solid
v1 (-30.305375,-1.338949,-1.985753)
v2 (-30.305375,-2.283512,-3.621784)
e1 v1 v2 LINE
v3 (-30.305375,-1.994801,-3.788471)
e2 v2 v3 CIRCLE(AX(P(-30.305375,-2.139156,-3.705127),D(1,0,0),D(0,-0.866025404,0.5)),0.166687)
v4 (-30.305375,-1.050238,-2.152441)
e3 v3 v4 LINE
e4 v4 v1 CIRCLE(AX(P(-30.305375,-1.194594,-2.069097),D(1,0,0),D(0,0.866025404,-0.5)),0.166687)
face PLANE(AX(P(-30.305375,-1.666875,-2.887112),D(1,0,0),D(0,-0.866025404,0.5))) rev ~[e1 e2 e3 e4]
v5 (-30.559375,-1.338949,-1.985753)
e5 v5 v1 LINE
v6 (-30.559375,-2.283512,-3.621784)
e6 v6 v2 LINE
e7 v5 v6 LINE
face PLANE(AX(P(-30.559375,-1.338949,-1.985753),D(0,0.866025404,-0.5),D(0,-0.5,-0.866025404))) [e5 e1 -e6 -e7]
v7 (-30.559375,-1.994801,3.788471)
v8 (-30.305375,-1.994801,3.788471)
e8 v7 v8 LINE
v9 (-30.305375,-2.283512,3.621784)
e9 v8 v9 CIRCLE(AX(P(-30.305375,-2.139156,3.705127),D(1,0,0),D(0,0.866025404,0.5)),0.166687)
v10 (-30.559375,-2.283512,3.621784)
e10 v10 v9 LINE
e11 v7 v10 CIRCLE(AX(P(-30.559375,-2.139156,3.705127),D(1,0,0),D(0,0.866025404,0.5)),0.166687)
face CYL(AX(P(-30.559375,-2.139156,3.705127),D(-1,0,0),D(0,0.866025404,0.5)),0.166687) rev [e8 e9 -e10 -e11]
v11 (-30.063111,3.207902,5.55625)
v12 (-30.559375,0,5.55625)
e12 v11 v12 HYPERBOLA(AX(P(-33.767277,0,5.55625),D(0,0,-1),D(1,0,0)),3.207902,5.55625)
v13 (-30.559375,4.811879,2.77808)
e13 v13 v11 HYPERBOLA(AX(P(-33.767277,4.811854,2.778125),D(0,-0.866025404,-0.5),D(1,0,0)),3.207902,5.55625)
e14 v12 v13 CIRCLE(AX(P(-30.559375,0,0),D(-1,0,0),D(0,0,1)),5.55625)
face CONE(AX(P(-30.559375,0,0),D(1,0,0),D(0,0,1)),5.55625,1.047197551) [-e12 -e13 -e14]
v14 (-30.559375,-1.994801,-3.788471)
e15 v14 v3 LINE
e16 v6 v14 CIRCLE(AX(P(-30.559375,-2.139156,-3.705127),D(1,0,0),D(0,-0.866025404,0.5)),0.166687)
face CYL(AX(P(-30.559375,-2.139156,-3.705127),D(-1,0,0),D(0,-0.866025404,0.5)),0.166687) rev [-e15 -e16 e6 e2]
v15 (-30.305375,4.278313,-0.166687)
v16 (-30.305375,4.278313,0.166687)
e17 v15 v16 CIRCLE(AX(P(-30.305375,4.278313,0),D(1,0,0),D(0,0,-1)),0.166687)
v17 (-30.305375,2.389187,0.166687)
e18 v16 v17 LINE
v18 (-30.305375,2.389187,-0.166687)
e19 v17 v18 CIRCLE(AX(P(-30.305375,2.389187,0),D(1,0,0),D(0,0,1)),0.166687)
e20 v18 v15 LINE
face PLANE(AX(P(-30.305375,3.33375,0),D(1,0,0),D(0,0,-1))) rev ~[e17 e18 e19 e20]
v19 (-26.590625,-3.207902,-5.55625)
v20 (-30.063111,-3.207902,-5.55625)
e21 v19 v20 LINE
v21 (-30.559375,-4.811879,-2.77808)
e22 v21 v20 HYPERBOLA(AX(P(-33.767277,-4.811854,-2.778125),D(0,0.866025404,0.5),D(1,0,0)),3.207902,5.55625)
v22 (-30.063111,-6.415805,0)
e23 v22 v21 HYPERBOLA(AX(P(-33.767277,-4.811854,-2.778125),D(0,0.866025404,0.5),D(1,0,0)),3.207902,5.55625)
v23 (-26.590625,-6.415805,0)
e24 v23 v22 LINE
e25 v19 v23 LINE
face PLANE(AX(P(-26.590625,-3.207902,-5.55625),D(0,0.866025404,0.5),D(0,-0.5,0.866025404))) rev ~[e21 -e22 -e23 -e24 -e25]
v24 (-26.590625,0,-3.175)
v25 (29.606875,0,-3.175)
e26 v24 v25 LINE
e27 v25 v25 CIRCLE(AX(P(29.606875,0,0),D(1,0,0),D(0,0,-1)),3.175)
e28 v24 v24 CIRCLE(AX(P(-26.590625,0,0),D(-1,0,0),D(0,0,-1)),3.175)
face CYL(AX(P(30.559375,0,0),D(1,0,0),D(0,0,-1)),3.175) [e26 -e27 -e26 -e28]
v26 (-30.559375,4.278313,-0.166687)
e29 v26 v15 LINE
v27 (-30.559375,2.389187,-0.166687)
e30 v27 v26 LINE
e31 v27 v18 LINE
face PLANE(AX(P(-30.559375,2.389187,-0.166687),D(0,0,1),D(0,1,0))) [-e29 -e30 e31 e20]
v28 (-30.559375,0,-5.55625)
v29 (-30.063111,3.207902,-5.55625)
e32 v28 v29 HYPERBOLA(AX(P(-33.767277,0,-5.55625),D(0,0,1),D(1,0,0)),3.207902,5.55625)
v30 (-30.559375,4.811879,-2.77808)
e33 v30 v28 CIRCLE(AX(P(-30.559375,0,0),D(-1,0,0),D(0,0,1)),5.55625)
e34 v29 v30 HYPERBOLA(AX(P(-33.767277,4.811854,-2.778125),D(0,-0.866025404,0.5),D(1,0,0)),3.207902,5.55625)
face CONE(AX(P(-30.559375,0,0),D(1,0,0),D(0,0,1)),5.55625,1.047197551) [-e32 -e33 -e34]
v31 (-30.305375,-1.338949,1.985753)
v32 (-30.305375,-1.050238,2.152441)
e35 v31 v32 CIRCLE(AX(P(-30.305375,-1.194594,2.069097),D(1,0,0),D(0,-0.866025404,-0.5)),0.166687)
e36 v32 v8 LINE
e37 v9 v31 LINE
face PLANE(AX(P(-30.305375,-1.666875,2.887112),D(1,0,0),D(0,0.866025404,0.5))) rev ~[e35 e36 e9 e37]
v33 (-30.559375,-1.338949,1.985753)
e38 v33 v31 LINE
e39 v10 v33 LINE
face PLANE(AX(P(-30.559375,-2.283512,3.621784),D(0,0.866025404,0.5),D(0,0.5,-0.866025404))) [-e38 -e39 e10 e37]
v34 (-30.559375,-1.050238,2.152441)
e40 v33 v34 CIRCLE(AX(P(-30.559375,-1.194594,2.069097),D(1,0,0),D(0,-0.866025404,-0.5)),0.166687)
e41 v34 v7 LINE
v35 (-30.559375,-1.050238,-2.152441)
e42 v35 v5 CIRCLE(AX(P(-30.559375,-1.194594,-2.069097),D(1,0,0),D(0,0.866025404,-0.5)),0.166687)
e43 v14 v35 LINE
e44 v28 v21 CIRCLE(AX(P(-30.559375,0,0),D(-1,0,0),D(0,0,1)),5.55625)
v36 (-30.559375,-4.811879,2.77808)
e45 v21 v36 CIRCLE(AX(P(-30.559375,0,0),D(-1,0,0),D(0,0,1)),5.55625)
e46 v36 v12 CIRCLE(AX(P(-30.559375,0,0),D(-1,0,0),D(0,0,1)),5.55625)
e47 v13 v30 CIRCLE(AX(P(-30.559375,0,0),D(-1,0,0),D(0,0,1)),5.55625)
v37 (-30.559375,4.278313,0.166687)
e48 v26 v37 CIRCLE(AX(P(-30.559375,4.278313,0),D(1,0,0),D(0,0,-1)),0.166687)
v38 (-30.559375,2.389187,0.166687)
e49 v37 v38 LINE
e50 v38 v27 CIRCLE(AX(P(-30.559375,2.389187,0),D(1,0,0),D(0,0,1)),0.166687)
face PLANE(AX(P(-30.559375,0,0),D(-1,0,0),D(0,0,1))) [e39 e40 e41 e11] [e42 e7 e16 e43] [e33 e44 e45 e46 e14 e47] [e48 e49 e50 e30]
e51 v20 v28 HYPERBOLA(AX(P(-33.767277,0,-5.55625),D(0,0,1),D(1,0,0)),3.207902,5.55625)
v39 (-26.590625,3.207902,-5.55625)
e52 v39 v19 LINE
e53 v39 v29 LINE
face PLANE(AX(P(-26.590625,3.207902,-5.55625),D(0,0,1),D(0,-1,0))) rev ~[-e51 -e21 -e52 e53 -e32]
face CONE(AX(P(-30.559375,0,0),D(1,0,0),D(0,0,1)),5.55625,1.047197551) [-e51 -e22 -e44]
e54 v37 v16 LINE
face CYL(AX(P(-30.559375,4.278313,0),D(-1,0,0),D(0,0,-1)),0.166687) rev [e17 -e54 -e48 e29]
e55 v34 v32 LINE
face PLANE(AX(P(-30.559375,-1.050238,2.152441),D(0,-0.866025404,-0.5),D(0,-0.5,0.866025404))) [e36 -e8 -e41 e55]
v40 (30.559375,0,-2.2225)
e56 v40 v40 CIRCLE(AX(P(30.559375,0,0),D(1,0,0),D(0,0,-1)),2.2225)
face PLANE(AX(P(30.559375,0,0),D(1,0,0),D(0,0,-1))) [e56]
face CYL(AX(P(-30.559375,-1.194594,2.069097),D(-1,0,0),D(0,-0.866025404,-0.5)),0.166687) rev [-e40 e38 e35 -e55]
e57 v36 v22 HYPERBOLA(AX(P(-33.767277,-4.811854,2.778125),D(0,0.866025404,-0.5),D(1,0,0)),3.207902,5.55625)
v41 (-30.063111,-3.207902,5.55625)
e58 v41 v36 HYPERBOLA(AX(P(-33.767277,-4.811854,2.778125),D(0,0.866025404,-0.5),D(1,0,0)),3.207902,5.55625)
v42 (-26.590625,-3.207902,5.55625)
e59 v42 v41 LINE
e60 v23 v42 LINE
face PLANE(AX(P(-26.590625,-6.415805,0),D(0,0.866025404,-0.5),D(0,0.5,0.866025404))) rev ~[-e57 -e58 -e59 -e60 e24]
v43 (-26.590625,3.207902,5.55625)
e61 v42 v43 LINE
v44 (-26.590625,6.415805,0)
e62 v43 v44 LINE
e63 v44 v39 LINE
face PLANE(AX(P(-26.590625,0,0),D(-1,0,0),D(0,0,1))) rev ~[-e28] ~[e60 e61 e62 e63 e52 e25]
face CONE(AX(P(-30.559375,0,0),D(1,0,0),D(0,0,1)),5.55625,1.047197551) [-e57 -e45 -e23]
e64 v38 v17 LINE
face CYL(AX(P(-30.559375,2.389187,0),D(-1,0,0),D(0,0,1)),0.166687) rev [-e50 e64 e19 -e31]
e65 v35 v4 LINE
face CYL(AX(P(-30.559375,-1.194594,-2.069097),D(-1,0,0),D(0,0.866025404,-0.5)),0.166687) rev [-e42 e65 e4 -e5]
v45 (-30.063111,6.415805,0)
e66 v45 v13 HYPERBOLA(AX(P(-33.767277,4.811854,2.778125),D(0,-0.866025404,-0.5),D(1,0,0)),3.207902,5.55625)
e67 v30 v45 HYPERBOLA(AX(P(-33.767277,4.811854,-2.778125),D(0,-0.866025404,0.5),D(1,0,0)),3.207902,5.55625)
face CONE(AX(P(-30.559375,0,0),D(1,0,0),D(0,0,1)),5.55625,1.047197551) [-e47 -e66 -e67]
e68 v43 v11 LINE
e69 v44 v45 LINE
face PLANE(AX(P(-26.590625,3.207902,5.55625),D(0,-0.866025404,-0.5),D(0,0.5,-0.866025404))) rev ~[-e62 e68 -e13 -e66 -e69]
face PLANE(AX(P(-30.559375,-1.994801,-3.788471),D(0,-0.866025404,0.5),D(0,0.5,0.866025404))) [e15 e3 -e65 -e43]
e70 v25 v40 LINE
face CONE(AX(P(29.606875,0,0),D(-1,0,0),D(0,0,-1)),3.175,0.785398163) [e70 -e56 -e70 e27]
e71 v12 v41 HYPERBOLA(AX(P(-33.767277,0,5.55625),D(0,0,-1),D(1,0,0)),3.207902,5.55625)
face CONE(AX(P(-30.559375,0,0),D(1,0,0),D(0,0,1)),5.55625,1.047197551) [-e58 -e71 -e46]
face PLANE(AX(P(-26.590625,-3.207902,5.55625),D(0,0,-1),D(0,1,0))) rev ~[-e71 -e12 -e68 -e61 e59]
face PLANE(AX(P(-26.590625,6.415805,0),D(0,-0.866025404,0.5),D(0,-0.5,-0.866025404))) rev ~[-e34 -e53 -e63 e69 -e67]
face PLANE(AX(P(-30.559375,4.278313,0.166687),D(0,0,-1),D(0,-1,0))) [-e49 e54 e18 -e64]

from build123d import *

# Parameters (mm, degrees)
SKETCH5_R           = 3.175
BOSS_EXTRUDE3_DEPTH = 57.15
CHAMFER1_SIZE       = 0.9525
BOSS_EXTRUDE4_DEPTH = 3.96875
SKETCH8_OUTSIDE_W   = 243.016
SKETCH8_OUTSIDE_H   = 244.736
SKETCH8_OUTSIDE_R   = 5.55625
CUT_EXTRUDE3_DEPTH  = 62.705235335
CUT_EXTRUDE3_DRAFT  = -60
CUT_EXTRUDE4_DEPTH  = 0.254
CIRPATTERN1_COUNT   = 3


with BuildPart() as part:
    # Sketch5 → Boss-Extrude3 (new body)
    with BuildSketch(Plane(origin=(30.559375, 0, 0), x_dir=(0, 0, -1), z_dir=(1, 0, 0))):
        Circle(SKETCH5_R)
    extrude(amount=-BOSS_EXTRUDE3_DEPTH)

    # Chamfer1
    chamfer1_edges = [part.edges().sort_by_distance(p)[0] for p in [
        (30.559375, 0, 3.175),
    ]]
    chamfer(chamfer1_edges, length=CHAMFER1_SIZE)

    # Sketch11 → Revolve1 (revolve)
    with BuildSketch(Plane.XY):
        Polygon((-26.590625, 3.175), (-26.590625, 0), (14.684375, 0), (11.509375, 3.175), align=None)
    revolve(axis=Axis((-26.590625, 0, 0), (1, 0, 0)))

    # Sketch6 → Boss-Extrude4 (add)
    with BuildSketch(Plane.ZY.offset(26.590625)):
        Polygon((5.55625, 3.207902433), (0, 6.415804866), (-5.55625, 3.207902433), (-5.55625, -3.207902433), (0, -6.415804866), (5.55625, -3.207902433), align=None)
    extrude(amount=BOSS_EXTRUDE4_DEPTH)


with BuildPart() as cut_extrude3_tool:
    # Sketch8 outside → Cut-Extrude3 (with draft: the straight prism first)
    with BuildSketch(Plane.ZY.offset(30.559375)):
        Rectangle(SKETCH8_OUTSIDE_W, SKETCH8_OUTSIDE_H)
        Circle(SKETCH8_OUTSIDE_R, mode=Mode.SUBTRACT)
    extrude(amount=-CUT_EXTRUDE3_DEPTH)
    # Cut-Extrude3: the draft: its side faces are tilted about the plane it starts from
    cut_extrude3_sides = [cut_extrude3_tool.faces().sort_by_distance(p)[0] for p in [
        (0.793242667, -122.368, 0),
        (0.793242667, 0, 121.508),
        (0.793242667, 122.368, 0),
        (0.793242667, 0, -121.508),
        (0.793242667, 0, -5.55625),
    ]]
    draft(cut_extrude3_sides, Plane.ZY.offset(30.559375), CUT_EXTRUDE3_DRAFT)


with BuildPart() as part_1:
    add(part.part)

    # Cut-Extrude3: cut by cut_extrude3_tool
    add(cut_extrude3_tool.part, mode=Mode.SUBTRACT)

    # Sketch12 → Cut-Extrude4 (cut)
    with BuildSketch(Plane.ZY.offset(30.559375)):
        with BuildLine():
            Line((0.1666875, 4.2783125), (0.1666875, 2.3891875))
            ThreePointArc((0.1666875, 2.3891875), (0, 2.2225), (-0.1666875, 2.3891875))
            Line((-0.1666875, 2.3891875), (-0.1666875, 4.2783125))
            ThreePointArc((-0.1666875, 4.2783125), (0, 4.445), (0.1666875, 4.2783125))
        make_face()
    cut_extrude4 = extrude(amount=-CUT_EXTRUDE4_DEPTH, mode=Mode.SUBTRACT)

    # CirPattern1: Cut-Extrude4 ×3 about axis
    cirpattern1_axis = Axis((0, 0, 0), (1, 0, 0))
    for i in range(1, CIRPATTERN1_COUNT):
        add(cut_extrude4.rotate(cirpattern1_axis, i * 360 / CIRPATTERN1_COUNT), mode=Mode.SUBTRACT)


solid = part_1.part
